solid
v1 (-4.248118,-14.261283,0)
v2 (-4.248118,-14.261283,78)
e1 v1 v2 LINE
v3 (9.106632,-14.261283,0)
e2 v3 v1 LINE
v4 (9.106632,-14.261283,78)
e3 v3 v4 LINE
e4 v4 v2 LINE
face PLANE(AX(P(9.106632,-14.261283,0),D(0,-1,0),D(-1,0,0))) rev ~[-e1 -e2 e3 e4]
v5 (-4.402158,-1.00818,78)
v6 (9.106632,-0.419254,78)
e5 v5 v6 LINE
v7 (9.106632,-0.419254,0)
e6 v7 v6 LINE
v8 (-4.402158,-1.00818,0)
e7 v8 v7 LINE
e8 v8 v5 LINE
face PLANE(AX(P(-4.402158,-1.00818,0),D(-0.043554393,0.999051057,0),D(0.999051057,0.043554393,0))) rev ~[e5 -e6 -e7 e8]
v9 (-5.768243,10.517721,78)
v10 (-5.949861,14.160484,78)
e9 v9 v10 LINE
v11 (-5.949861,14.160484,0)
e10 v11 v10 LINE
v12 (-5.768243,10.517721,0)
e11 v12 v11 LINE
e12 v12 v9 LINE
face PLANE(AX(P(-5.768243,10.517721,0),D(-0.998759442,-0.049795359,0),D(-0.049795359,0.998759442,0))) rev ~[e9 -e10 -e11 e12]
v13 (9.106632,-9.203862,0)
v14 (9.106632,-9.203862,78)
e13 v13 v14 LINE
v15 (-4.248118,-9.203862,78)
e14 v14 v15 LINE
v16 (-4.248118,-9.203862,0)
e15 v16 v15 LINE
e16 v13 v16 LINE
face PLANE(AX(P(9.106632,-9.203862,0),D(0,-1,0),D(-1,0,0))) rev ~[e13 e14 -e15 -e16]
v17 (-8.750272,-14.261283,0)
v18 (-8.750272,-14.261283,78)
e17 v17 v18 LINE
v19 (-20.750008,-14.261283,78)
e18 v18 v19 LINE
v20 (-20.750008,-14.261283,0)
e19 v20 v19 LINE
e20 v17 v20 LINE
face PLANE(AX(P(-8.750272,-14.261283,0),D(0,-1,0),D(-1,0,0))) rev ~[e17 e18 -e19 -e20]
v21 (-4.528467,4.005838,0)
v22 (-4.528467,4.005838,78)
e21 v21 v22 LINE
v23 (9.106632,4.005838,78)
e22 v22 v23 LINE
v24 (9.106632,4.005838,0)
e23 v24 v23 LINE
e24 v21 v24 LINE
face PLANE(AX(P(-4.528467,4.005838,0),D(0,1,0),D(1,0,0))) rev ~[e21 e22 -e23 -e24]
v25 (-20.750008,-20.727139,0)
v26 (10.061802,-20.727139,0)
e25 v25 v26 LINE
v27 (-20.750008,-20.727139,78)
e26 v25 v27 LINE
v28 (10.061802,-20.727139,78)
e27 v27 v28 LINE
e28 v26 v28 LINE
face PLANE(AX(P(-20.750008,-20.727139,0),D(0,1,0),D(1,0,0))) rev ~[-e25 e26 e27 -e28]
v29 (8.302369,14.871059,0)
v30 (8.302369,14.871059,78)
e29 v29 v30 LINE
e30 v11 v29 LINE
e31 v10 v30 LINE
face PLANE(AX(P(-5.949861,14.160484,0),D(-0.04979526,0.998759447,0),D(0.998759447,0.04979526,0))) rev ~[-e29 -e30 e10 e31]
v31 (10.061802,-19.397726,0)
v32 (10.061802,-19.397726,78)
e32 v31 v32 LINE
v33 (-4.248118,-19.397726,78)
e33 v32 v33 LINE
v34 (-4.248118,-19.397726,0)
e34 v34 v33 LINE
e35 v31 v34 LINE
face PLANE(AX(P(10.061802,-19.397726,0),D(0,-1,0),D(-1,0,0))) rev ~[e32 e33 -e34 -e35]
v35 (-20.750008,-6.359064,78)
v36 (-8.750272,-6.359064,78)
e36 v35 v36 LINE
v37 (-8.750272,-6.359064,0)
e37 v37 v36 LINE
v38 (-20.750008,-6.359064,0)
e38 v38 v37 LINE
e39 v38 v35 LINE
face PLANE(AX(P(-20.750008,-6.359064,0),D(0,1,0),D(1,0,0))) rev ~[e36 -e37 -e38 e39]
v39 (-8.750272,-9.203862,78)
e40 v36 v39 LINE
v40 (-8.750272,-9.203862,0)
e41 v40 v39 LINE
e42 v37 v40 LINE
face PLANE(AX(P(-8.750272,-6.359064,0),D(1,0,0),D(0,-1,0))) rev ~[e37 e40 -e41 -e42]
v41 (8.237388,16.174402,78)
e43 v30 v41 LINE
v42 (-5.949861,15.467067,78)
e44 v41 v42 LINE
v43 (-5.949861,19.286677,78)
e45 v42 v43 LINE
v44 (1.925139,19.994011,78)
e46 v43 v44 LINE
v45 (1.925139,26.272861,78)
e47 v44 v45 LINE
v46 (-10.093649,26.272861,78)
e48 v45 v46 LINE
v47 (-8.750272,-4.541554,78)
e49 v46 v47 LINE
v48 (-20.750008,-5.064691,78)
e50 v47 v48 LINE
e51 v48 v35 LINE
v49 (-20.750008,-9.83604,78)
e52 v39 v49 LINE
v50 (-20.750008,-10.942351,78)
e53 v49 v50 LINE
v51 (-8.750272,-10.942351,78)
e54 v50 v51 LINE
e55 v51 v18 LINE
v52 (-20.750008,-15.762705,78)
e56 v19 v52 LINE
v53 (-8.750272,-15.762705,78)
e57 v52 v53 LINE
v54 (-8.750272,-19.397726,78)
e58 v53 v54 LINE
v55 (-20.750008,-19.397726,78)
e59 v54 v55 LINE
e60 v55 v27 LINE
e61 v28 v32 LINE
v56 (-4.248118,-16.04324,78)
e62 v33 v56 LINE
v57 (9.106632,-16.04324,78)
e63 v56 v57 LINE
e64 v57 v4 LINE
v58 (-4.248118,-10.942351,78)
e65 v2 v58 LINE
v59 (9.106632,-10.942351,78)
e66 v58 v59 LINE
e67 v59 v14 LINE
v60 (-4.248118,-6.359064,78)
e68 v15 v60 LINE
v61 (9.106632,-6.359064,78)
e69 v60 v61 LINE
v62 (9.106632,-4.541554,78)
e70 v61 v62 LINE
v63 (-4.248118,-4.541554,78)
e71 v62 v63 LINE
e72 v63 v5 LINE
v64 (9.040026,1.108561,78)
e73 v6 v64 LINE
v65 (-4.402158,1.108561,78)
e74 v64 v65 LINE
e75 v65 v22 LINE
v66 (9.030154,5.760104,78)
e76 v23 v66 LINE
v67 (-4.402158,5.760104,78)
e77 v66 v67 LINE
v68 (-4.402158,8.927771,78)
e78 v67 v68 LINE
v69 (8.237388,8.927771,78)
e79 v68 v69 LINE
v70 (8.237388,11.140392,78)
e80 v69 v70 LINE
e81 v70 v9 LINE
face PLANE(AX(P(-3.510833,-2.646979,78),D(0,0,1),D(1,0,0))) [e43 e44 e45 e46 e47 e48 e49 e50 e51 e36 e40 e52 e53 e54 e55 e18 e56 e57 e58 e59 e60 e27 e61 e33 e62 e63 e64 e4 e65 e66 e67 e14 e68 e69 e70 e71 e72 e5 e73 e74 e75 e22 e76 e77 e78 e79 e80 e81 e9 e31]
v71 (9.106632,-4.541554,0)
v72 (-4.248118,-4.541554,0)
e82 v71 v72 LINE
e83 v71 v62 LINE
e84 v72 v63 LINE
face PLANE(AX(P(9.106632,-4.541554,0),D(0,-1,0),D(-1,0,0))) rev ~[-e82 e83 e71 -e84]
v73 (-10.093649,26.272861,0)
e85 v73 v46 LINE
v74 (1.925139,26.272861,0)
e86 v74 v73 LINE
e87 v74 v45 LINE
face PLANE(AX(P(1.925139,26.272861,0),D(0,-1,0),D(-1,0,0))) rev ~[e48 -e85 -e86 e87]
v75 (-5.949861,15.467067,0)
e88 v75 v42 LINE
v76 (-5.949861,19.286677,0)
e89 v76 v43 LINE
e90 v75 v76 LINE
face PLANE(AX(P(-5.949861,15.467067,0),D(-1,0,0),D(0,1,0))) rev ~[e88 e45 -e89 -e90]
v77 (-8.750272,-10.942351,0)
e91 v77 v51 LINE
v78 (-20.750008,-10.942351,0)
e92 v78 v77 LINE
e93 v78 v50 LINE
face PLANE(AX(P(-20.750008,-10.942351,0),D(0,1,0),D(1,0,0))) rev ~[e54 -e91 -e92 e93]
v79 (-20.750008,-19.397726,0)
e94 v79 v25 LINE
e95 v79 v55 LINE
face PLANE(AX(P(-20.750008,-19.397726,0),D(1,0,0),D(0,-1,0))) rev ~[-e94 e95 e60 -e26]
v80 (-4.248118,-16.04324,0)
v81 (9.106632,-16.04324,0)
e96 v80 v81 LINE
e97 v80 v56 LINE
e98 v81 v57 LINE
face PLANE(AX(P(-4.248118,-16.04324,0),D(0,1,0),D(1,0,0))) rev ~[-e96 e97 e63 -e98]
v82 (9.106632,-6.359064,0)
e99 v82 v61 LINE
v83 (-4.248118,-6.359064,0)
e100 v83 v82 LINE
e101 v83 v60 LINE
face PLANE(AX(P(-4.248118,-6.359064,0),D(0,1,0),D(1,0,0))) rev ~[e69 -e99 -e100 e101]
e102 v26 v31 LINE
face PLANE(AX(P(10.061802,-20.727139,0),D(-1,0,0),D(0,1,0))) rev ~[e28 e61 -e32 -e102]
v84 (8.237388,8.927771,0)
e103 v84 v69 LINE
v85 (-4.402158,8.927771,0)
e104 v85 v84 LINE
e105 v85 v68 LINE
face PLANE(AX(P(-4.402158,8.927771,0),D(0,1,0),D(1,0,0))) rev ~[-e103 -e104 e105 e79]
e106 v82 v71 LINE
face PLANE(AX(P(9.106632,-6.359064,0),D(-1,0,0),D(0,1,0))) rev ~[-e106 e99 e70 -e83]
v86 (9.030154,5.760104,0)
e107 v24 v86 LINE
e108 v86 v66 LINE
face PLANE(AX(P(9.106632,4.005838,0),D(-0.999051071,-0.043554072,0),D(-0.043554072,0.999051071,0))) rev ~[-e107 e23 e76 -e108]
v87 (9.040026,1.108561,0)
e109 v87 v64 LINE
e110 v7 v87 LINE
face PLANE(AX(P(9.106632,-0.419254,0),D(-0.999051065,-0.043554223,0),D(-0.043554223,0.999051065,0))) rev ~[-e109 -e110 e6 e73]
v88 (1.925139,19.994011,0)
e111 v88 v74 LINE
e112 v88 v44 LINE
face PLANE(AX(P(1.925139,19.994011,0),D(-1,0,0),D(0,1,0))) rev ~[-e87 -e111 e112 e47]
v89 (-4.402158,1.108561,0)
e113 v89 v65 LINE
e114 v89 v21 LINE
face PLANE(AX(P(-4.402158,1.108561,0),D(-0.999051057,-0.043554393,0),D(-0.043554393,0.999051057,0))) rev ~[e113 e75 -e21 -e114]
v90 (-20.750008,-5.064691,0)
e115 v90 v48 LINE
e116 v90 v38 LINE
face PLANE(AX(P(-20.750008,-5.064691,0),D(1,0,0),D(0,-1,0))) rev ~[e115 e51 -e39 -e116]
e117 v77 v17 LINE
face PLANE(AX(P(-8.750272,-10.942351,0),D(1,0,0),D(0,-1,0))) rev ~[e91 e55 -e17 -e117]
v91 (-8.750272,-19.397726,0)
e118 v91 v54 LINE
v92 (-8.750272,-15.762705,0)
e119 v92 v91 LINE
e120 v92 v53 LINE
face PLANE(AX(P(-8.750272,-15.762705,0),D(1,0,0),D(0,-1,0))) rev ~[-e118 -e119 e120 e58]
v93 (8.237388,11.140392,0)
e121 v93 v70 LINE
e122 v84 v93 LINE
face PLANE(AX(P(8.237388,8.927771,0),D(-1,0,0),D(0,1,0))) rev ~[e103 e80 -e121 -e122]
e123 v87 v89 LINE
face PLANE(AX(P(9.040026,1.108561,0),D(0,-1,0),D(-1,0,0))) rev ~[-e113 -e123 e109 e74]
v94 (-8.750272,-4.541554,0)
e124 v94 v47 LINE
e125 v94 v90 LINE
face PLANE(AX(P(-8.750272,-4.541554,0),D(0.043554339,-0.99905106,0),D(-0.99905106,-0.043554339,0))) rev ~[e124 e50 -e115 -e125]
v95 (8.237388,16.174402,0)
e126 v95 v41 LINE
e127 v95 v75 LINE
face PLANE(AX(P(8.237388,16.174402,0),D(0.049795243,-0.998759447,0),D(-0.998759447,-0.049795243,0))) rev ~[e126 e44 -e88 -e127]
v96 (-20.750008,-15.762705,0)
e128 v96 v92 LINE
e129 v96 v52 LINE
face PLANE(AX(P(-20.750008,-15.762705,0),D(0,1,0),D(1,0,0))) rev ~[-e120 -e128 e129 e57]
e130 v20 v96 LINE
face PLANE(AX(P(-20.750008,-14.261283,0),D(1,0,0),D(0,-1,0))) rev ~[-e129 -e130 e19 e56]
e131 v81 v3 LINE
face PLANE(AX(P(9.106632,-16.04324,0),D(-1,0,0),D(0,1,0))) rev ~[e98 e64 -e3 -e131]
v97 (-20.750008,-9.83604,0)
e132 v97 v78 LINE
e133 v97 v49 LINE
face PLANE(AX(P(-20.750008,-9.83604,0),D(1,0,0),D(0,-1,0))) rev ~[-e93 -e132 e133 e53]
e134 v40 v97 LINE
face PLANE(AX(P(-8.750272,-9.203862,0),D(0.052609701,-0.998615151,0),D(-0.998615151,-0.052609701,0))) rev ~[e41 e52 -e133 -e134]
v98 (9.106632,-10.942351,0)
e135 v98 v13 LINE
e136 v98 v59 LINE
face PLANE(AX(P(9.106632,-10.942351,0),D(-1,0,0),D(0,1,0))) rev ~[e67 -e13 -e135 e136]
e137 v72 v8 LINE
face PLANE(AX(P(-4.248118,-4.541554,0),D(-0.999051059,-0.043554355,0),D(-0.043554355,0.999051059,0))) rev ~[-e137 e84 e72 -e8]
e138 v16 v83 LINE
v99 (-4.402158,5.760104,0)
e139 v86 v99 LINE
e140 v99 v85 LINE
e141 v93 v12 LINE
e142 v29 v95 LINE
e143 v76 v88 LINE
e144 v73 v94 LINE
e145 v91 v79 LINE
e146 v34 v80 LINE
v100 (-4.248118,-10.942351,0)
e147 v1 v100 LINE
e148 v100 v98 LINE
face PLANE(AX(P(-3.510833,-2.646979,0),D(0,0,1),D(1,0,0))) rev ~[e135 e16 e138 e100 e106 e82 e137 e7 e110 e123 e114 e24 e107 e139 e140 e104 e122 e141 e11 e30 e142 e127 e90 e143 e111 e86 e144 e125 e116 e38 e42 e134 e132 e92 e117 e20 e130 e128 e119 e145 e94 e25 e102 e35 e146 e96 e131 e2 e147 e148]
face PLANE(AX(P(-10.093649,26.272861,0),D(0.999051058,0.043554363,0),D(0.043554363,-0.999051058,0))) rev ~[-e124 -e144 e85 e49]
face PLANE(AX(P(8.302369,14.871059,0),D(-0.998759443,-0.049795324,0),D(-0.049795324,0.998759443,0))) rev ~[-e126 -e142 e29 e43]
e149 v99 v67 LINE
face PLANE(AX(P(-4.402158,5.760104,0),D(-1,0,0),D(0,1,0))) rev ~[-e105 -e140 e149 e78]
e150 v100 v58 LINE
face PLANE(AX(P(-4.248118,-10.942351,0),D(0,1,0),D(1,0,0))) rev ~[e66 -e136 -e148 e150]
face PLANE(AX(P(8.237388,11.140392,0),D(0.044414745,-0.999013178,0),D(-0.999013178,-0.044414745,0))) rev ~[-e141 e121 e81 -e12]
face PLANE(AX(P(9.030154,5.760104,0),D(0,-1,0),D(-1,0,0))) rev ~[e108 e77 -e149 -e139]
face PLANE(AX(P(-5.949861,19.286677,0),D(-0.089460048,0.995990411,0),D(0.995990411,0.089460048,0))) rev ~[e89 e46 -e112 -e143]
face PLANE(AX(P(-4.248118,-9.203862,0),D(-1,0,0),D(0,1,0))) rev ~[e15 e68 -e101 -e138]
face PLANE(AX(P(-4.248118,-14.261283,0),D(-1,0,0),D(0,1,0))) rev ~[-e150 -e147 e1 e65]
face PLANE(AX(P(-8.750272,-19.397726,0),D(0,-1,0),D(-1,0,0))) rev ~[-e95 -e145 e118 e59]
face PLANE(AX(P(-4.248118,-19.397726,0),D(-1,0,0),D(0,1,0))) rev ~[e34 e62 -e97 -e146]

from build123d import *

# Parameters (mm, degrees)
F1_DEPTH = 78


with BuildPart() as f1:
    # F0 (on Top) → F1 (new body)
    with BuildSketch(Plane.XY):
        Polygon((1.925139, 26.272861), (-10.093649, 26.272861), (-8.750272, -4.541554), (-20.750008, -5.064691), (-20.750008, -6.359064), (-8.750272, -6.359064), (-8.750272, -9.203862), (-20.750008, -9.83604), (-20.750008, -10.942351), (-8.750272, -10.942351), (-8.750272, -14.261283), (-20.750008, -14.261283), (-20.750008, -15.762705), (-8.750272, -15.762705), (-8.750272, -19.397726), (-20.750008, -19.397726), (-20.750008, -20.727139), (10.061802, -20.727139), (10.061802, -19.397726), (-4.248118, -19.397726), (-4.248118, -16.04324), (9.106632, -16.04324), (9.106632, -14.261283), (-4.248118, -14.261283), (-4.248118, -10.942351), (9.106632, -10.942351), (9.106632, -9.203862), (-4.248118, -9.203862), (-4.248118, -6.359064), (9.106632, -6.359064), (9.106632, -4.541554), (-4.248118, -4.541554), (-4.402158, -1.00818), (9.106632, -0.419254), (9.040026, 1.108561), (-4.402158, 1.108561), (-4.528467, 4.005838), (9.106632, 4.005838), (9.030154, 5.760104), (-4.402158, 5.760104), (-4.402158, 8.927771), (8.237388, 8.927771), (8.237388, 11.140392), (-5.768243, 10.517721), (-5.949861, 14.160484), (8.302369, 14.871059), (8.237388, 16.174402), (-5.949861, 15.467067), (-5.949861, 19.286677), (1.925139, 19.994011), align=None)
    extrude(amount=F1_DEPTH)


solid = f1.part
